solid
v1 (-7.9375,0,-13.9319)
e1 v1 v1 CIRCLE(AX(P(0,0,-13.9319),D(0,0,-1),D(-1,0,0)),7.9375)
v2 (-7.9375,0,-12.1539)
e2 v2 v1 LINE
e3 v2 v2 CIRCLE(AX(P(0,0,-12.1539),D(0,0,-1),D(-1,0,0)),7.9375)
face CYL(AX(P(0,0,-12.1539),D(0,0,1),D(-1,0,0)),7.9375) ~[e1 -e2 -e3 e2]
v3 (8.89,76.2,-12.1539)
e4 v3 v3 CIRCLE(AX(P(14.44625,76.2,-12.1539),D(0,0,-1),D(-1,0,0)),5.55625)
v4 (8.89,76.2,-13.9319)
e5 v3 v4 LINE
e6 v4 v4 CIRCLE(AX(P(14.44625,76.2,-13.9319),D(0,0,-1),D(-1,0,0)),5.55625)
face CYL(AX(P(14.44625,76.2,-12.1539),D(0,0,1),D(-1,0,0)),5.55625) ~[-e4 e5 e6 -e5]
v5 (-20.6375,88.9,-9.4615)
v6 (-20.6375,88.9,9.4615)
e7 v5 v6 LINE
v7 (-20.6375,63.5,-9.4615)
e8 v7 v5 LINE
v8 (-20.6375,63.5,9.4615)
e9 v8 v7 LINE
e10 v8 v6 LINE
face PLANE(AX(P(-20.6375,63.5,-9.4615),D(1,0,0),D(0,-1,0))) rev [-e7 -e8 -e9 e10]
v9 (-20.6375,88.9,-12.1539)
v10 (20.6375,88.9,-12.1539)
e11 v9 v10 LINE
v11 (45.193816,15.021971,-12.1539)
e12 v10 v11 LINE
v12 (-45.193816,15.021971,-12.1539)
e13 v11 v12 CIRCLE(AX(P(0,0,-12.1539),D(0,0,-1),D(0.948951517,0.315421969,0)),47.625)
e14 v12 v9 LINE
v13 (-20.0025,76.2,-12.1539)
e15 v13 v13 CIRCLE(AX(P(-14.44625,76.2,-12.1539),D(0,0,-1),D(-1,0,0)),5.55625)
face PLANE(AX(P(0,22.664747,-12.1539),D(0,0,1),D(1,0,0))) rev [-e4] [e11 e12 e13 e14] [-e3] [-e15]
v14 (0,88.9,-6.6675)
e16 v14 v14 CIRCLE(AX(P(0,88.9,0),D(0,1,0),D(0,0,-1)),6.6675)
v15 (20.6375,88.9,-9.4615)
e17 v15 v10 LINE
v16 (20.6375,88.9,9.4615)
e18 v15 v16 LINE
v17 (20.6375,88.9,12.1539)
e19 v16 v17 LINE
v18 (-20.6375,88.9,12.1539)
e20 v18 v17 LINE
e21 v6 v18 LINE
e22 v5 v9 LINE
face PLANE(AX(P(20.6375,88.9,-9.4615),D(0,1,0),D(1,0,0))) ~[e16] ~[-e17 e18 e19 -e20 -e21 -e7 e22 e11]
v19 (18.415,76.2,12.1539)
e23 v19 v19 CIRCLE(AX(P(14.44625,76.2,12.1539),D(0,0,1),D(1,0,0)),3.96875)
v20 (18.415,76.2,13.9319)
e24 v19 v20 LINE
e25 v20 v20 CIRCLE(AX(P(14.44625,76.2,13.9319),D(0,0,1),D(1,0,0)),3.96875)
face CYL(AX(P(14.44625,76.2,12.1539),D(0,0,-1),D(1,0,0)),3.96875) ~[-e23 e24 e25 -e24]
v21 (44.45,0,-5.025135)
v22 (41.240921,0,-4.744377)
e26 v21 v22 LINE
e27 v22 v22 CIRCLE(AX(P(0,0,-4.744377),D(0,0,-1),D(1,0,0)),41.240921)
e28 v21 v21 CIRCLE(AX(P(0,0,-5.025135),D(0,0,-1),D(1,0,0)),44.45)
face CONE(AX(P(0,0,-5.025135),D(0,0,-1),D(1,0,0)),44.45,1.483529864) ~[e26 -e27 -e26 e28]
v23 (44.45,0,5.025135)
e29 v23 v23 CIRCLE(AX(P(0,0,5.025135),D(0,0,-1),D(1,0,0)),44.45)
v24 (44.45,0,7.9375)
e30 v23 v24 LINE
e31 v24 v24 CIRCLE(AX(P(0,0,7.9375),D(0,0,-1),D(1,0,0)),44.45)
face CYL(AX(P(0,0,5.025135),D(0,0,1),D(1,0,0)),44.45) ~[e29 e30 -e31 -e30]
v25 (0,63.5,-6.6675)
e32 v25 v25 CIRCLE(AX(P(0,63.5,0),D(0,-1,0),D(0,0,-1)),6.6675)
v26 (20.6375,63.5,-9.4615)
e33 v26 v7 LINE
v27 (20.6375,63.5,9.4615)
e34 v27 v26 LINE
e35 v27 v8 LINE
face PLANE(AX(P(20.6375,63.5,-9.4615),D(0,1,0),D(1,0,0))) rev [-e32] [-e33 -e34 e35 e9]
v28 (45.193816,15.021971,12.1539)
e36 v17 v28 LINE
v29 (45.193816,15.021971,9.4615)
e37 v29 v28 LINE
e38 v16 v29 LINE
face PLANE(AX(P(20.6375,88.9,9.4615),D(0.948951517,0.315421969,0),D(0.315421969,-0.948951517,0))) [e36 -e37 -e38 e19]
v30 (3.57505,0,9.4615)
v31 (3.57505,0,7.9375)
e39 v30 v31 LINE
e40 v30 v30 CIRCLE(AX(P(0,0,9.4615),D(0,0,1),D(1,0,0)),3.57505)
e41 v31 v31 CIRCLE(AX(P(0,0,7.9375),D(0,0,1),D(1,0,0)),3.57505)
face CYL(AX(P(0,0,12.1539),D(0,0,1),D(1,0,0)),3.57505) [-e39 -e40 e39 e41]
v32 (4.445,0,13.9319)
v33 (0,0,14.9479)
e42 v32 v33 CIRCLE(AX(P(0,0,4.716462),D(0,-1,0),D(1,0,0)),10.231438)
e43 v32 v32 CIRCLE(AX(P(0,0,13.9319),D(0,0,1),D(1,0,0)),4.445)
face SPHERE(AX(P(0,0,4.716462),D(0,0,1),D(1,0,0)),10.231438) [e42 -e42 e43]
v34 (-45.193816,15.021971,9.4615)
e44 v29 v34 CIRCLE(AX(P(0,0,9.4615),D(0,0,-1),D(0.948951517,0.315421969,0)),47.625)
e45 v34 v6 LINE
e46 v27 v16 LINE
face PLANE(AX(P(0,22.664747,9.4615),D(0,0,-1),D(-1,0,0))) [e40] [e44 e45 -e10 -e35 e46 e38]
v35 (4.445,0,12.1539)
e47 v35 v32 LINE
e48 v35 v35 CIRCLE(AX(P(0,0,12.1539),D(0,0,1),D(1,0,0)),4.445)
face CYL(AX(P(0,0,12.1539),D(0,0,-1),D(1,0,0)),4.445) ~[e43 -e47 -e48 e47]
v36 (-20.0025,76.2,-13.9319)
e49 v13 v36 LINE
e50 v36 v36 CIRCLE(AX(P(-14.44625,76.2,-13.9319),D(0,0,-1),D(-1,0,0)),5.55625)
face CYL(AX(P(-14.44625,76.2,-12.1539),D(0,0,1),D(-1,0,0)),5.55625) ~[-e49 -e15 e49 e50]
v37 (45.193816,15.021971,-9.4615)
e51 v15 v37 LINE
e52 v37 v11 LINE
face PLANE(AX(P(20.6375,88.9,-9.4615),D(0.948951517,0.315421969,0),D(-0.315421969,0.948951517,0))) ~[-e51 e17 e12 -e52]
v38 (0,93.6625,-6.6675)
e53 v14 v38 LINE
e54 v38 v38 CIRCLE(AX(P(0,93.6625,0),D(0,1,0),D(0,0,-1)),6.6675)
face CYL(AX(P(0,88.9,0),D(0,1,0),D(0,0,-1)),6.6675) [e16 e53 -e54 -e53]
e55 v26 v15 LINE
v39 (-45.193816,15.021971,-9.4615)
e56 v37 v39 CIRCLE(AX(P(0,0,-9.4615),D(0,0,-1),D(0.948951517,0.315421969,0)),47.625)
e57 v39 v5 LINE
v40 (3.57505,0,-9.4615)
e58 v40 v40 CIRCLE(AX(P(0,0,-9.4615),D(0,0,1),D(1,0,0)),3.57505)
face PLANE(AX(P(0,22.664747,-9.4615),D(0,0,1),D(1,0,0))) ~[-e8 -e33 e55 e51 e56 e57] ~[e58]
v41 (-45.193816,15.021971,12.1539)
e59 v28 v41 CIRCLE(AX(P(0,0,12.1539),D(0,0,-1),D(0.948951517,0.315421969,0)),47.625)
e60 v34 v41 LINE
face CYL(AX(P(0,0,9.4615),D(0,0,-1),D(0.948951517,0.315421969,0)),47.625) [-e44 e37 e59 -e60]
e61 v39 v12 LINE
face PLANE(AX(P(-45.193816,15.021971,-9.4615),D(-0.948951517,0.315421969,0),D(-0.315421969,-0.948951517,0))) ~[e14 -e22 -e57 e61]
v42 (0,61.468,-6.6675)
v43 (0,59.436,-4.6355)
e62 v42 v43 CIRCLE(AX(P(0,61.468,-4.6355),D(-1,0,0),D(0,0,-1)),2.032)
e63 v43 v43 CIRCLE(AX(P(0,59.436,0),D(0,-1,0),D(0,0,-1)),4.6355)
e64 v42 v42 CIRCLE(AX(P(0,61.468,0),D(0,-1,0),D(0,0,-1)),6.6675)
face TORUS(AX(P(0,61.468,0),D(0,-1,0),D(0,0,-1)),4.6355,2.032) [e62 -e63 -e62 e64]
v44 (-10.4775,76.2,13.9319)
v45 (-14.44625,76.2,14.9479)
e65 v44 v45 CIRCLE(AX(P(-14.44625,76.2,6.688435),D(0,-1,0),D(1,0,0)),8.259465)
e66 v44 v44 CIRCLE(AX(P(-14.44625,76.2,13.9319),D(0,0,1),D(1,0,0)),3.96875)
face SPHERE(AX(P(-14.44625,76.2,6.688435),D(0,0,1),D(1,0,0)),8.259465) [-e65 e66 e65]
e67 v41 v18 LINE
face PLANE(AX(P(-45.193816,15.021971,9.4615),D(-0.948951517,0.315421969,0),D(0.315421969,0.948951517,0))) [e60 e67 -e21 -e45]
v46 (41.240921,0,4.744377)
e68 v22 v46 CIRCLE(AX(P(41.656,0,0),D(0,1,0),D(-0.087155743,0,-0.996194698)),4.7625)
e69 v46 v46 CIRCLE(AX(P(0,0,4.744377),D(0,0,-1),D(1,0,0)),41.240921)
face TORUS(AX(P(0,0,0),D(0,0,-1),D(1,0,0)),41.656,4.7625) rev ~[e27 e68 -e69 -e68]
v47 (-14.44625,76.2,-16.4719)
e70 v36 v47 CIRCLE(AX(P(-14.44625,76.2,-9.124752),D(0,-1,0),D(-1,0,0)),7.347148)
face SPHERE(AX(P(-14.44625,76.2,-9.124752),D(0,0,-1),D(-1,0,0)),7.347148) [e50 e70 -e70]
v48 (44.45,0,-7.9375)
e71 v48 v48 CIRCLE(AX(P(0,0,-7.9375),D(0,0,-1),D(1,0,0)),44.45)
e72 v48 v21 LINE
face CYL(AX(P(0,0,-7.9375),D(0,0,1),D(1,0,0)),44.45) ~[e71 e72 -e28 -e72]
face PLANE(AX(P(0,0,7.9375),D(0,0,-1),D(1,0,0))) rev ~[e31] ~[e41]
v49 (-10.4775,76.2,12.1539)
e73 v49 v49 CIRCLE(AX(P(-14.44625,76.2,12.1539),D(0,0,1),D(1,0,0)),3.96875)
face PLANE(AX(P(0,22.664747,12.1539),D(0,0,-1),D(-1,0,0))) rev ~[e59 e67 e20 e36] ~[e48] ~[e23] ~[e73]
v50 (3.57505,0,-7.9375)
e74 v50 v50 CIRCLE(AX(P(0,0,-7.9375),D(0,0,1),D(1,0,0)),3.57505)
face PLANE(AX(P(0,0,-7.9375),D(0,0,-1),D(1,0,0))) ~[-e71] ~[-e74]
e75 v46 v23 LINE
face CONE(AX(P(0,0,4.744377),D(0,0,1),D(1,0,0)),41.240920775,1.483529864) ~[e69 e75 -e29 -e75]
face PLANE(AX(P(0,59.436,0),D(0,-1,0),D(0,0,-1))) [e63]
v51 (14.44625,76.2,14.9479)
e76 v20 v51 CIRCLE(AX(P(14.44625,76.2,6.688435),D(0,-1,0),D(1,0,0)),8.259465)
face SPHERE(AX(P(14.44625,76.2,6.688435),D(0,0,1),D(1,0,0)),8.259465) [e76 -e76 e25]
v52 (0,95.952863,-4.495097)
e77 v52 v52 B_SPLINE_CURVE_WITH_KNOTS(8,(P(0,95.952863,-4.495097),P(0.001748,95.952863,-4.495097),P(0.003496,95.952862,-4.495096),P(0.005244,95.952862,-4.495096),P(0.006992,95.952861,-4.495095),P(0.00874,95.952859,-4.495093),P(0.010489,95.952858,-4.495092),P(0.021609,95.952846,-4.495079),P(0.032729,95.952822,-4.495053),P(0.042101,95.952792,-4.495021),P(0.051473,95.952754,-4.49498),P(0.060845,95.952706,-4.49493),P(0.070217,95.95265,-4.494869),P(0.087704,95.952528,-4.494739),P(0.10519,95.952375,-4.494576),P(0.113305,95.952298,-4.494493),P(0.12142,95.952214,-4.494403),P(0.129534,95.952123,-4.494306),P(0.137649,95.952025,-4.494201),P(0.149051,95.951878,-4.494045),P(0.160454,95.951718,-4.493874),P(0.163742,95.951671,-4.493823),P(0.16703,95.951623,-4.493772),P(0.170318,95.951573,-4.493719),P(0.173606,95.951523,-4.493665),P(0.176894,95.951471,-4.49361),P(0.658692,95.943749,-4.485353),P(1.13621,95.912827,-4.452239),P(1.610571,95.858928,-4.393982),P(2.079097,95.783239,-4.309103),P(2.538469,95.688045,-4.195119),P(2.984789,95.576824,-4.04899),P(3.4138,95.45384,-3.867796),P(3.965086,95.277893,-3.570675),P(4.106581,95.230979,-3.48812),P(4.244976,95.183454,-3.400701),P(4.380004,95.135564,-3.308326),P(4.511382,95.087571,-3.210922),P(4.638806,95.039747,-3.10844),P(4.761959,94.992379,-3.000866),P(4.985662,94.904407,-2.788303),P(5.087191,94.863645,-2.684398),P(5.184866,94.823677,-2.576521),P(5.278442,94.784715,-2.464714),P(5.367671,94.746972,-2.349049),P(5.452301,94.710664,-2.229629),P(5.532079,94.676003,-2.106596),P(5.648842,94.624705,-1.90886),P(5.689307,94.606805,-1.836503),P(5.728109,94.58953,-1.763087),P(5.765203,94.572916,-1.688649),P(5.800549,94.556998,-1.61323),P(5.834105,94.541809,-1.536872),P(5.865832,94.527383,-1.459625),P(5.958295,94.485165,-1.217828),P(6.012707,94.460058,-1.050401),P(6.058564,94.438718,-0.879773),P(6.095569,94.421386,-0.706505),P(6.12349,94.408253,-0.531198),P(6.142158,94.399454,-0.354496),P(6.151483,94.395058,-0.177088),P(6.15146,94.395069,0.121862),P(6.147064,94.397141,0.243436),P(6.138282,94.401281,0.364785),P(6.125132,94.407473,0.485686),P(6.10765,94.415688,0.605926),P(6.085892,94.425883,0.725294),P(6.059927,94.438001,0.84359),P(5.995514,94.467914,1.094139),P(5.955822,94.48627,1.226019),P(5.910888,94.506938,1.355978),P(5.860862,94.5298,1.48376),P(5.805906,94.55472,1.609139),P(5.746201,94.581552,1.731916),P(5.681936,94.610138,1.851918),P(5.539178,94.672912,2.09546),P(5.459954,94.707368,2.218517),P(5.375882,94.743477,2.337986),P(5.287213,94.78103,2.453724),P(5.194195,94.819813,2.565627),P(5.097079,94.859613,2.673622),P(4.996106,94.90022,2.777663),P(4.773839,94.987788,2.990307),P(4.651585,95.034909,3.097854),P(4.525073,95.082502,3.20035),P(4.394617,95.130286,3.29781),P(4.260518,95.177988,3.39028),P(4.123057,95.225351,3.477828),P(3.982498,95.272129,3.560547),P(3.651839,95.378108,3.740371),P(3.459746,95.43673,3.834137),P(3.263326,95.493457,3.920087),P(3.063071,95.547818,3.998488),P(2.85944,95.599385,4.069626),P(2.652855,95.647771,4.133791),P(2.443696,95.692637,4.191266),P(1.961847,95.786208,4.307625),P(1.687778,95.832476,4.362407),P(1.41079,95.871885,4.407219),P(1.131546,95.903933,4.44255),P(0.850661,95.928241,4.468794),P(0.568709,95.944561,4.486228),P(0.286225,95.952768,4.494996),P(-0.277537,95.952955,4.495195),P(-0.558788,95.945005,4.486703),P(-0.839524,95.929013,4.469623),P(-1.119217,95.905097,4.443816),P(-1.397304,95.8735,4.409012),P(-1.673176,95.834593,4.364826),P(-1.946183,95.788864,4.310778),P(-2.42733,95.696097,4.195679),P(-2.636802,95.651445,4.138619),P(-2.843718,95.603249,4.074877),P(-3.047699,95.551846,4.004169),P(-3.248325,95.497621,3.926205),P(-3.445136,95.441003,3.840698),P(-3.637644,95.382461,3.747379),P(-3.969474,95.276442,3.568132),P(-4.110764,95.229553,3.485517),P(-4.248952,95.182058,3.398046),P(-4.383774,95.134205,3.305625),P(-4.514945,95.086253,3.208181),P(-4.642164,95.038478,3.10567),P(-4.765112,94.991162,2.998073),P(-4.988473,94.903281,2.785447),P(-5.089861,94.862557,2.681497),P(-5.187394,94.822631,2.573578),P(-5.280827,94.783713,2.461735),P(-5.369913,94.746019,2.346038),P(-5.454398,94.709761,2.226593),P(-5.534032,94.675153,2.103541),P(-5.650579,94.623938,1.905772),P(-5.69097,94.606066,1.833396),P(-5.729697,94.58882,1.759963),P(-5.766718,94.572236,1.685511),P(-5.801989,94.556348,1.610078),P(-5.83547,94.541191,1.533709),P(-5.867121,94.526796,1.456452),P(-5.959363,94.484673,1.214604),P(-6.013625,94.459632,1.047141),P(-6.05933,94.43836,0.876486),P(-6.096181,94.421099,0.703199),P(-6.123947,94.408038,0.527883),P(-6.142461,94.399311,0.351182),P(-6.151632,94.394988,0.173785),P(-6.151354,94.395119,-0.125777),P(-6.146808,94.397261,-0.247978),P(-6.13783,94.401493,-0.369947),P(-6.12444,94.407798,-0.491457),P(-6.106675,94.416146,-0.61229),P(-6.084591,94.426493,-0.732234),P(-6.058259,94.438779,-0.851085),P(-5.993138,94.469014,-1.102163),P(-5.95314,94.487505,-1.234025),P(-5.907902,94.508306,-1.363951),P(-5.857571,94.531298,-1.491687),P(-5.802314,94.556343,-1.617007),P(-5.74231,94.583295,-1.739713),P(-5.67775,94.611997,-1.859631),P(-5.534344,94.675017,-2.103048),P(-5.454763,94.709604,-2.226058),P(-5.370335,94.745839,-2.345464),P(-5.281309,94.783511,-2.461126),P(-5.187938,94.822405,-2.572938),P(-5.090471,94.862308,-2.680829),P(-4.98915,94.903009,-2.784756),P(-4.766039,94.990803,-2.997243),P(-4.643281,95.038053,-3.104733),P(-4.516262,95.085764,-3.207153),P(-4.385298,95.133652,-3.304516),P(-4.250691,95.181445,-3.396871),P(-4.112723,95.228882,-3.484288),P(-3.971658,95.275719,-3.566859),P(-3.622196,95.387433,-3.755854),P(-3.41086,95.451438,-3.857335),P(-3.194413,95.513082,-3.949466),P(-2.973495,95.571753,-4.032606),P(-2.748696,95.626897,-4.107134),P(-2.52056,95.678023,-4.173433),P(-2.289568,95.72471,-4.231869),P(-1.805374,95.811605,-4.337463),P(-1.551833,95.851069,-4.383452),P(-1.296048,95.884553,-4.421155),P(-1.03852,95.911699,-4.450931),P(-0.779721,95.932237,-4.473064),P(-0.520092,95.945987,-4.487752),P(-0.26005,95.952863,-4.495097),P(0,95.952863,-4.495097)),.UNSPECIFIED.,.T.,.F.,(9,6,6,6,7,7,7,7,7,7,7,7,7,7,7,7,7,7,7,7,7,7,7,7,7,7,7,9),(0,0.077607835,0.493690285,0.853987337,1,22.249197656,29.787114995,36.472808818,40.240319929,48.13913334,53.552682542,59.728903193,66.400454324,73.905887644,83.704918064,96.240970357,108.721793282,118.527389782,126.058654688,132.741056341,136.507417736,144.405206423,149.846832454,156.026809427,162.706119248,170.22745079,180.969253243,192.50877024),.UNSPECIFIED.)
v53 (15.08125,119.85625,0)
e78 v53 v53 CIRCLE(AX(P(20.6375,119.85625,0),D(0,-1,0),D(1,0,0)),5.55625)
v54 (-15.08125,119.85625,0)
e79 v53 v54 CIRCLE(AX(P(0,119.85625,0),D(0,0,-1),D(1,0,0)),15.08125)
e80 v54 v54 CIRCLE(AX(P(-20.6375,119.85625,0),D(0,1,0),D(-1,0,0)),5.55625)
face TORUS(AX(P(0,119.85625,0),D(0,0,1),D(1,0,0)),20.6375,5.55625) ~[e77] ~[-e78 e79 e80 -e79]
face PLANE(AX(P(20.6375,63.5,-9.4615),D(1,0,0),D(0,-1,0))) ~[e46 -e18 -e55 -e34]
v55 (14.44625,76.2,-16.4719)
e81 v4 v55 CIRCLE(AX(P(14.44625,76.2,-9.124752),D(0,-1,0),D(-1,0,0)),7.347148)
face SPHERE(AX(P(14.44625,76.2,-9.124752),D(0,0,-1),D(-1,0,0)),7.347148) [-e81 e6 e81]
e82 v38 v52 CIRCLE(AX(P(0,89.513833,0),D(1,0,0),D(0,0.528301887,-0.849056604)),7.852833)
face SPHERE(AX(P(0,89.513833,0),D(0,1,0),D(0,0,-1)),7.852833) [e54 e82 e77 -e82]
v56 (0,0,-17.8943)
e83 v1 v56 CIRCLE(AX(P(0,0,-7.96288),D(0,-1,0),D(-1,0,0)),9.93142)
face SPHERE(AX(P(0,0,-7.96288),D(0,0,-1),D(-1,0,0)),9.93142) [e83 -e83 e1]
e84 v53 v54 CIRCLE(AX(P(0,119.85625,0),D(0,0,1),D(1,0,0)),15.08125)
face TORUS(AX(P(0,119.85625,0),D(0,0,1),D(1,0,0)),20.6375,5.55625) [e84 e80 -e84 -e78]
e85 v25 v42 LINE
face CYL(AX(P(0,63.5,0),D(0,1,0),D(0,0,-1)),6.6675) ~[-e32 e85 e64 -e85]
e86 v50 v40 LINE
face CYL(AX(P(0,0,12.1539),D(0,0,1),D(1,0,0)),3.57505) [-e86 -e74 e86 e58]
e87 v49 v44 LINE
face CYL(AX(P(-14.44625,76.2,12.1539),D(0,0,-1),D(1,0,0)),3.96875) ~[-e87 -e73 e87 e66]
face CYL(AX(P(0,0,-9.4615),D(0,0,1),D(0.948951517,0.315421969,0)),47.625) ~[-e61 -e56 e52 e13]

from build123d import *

# Parameters (mm, degrees)
SKETCH10_R          = 5.55625
BOSS_EXTRUDE1_DEPTH = 2.6924
SKETCH5_W           = 41.275
SKETCH5_H           = 25.4
BOSS_EXTRUDE2_DEPTH = 9.4615
SKETCH6_R           = 4.445
SKETCH6_R_2         = 3.96875
BOSS_EXTRUDE3_DEPTH = 1.778
DOME1_FACE_RADIUS   = 3.96875
DOME1_HEIGHT        = 1.016
DOME3_FACE_RADIUS   = 3.96875
DOME3_HEIGHT        = 1.016
DOME4_FACE_RADIUS   = 4.445
DOME4_HEIGHT        = 1.016
SKETCH8_R           = 5.55625
SKETCH8_R_2         = 7.9375
BOSS_EXTRUDE4_DEPTH = 1.778
DOME5_FACE_RADIUS   = 5.55625
DOME5_HEIGHT        = 2.54
DOME6_FACE_RADIUS   = 5.55625
DOME6_HEIGHT        = 2.54
DOME7_FACE_RADIUS   = 7.9375
DOME7_HEIGHT        = 3.9624
BOSS_EXTRUDE5_REACH = 158.53
SKETCH9_R           = 3.57505
SKETCH15_R          = 6.6675
BOSS_EXTRUDE6_DEPTH = 4.064
FILLET1_R           = 2.032


with BuildPart() as part:
    # Sketch3 → Revolve1 (revolve)
    with BuildSketch(Plane(origin=(0, 0, 0), x_dir=(0, 0, -1), z_dir=(1, 0, 0)), mode=Mode.PRIVATE) as revolve1_sk:
        with BuildLine():
            Line((-7.9375, 44.45), (-7.9375, 0))
            Line((-7.9375, 0), (7.9375, 0))
            Line((7.9375, 0), (7.9375, 44.45))
            Line((7.9375, 44.45), (5.025135302, 44.45))
            Line((5.025135302, 44.45), (4.74437725, 41.240920775))
            ThreePointArc((4.74437725, 41.240920775), (0, 36.8935), (-4.74437725, 41.240920775))
            Line((-4.74437725, 41.240920775), (-5.025135302, 44.45))
            Line((-5.025135302, 44.45), (-7.9375, 44.45))
        make_face()
    revolve(revolve1_sk.sketch.rotate(Axis((0, 0, 7.9375), (0, 0, -1)), 90), axis=Axis((0, 0, 7.9375), (0, 0, -1)))


with BuildPart() as body_2:
    # Sweep2: sweep along a path in Sketch11
    with BuildLine(Plane.XY) as sweep2_path:
        ThreePointArc((20.6375, 119.85625), (0, 140.49375), (-20.6375, 119.85625))
    # Sketch10 → Sweep2 (sweep)
    with BuildSketch(Plane(origin=(0, 119.85625, 0), x_dir=(-1, 0, 0), z_dir=(0, 1, 0))):
        with Locations((-20.6375, 0)):
            Circle(SKETCH10_R)
    sweep(path=sweep2_path.line)

    # Mirror7: body 2 across plane


with BuildPart() as body_2_1:
    add(body_2.part)
    add(body_2.part.mirror(Plane(origin=(20.6375, 119.85625, 0), x_dir=(0, 0, 1), z_dir=(0, 1, 0))))

    # Sketch14 → Revolve2 (revolve)
    with BuildSketch(Plane.XY, mode=Mode.PRIVATE) as revolve2_sk:
        with BuildLine():
            Line((6.6675, 88.9), (6.6675, 93.6625))
            ThreePointArc((6.6675, 93.6625), (3.813672998, 96.37844473), (0, 97.366666667))
            Line((0, 97.366666667), (0, 88.9))
            Line((0, 88.9), (6.6675, 88.9))
        make_face()
    revolve(revolve2_sk.sketch.rotate(Axis((0, 53.18125, 0), (0, 1, 0)), 90), axis=Axis((0, 53.18125, 0), (0, 1, 0)))


with BuildPart() as body_3:
    # Sketch4 → Boss-Extrude1 (new body)
    with BuildSketch(Plane.XY.offset(9.4615)):
        with BuildLine():
            Line((-20.6375, 88.9), (20.6375, 88.9))
            Line((20.6375, 88.9), (45.193815989, 15.021971288))
            ThreePointArc((45.193815989, 15.021971288), (0, -47.625), (-45.193815989, 15.021971288))
            Line((-45.193815989, 15.021971288), (-20.6375, 88.9))
        make_face()
    extrude(amount=BOSS_EXTRUDE1_DEPTH)

    # Sketch5 → Boss-Extrude2 (add)
    with BuildSketch(Plane(origin=(0, 0, 9.4615), x_dir=(-1, 0, 0), z_dir=(0, 0, -1))):
        with Locations((0, 76.2)):
            Rectangle(SKETCH5_W, SKETCH5_H)
    extrude(amount=BOSS_EXTRUDE2_DEPTH)

    # Mirror1: body 3 across plane


with BuildPart() as body_3_1:
    add(body_3.part)
    add(body_3.part.mirror(Plane.XY))

    # Sketch6 → Boss-Extrude3 (add)
    with BuildSketch(Plane.XY.offset(12.1539)):
        Circle(SKETCH6_R)
        with Locations((-14.44625, 76.2)):
            Circle(SKETCH6_R_2)
        with Locations((14.44625, 76.2)):
            Circle(SKETCH6_R_2)
    extrude(amount=BOSS_EXTRUDE3_DEPTH)

    # Dome1: a dome of height H over a round flat face of radius A is a cap of a sphere of radius (A * A + H * H) / (2 * H)
    dome1_r = (DOME1_FACE_RADIUS * DOME1_FACE_RADIUS + DOME1_HEIGHT * DOME1_HEIGHT) / (2 * DOME1_HEIGHT)
    dome1_base = Plane((-14.44625, 76.2, 13.9319), z_dir=(0, 0, 1))
    with Locations(dome1_base.offset(DOME1_HEIGHT - dome1_r)):
        dome1_ball = Sphere(dome1_r, mode=Mode.PRIVATE)
    add(split(dome1_ball, bisect_by=dome1_base, keep=Keep.TOP, mode=Mode.PRIVATE))

    # Dome3: a dome of height H over a round flat face of radius A is a cap of a sphere of radius (A * A + H * H) / (2 * H)
    dome3_r = (DOME3_FACE_RADIUS * DOME3_FACE_RADIUS + DOME3_HEIGHT * DOME3_HEIGHT) / (2 * DOME3_HEIGHT)
    dome3_base = Plane((14.44625, 76.2, 13.9319), z_dir=(0, 0, 1))
    with Locations(dome3_base.offset(DOME3_HEIGHT - dome3_r)):
        dome3_ball = Sphere(dome3_r, mode=Mode.PRIVATE)
    add(split(dome3_ball, bisect_by=dome3_base, keep=Keep.TOP, mode=Mode.PRIVATE))

    # Dome4: a dome of height H over a round flat face of radius A is a cap of a sphere of radius (A * A + H * H) / (2 * H)
    dome4_r = (DOME4_FACE_RADIUS * DOME4_FACE_RADIUS + DOME4_HEIGHT * DOME4_HEIGHT) / (2 * DOME4_HEIGHT)
    dome4_base = Plane((0, 0, 13.9319), z_dir=(0, 0, 1))
    with Locations(dome4_base.offset(DOME4_HEIGHT - dome4_r)):
        dome4_ball = Sphere(dome4_r, mode=Mode.PRIVATE)
    add(split(dome4_ball, bisect_by=dome4_base, keep=Keep.TOP, mode=Mode.PRIVATE))

    # Sketch8 → Boss-Extrude4 (add)
    with BuildSketch(Plane(origin=(0, 0, -12.1539), x_dir=(-1, 0, 0), z_dir=(0, 0, -1))):
        with Locations((-14.44625, 76.2)):
            Circle(SKETCH8_R)
        with Locations((14.44625, 76.2)):
            Circle(SKETCH8_R)
        Circle(SKETCH8_R_2)
    extrude(amount=BOSS_EXTRUDE4_DEPTH)

    # Dome5: a dome of height H over a round flat face of radius A is a cap of a sphere of radius (A * A + H * H) / (2 * H)
    dome5_r = (DOME5_FACE_RADIUS * DOME5_FACE_RADIUS + DOME5_HEIGHT * DOME5_HEIGHT) / (2 * DOME5_HEIGHT)
    dome5_base = Plane((14.44625, 76.2, -13.9319), z_dir=(0, 0, -1))
    with Locations(dome5_base.offset(DOME5_HEIGHT - dome5_r)):
        dome5_ball = Sphere(dome5_r, mode=Mode.PRIVATE)
    add(split(dome5_ball, bisect_by=dome5_base, keep=Keep.TOP, mode=Mode.PRIVATE))

    # Dome6: a dome of height H over a round flat face of radius A is a cap of a sphere of radius (A * A + H * H) / (2 * H)
    dome6_r = (DOME6_FACE_RADIUS * DOME6_FACE_RADIUS + DOME6_HEIGHT * DOME6_HEIGHT) / (2 * DOME6_HEIGHT)
    dome6_base = Plane((-14.44625, 76.2, -13.9319), z_dir=(0, 0, -1))
    with Locations(dome6_base.offset(DOME6_HEIGHT - dome6_r)):
        dome6_ball = Sphere(dome6_r, mode=Mode.PRIVATE)
    add(split(dome6_ball, bisect_by=dome6_base, keep=Keep.TOP, mode=Mode.PRIVATE))

    # Dome7: a dome of height H over a round flat face of radius A is a cap of a sphere of radius (A * A + H * H) / (2 * H)
    dome7_r = (DOME7_FACE_RADIUS * DOME7_FACE_RADIUS + DOME7_HEIGHT * DOME7_HEIGHT) / (2 * DOME7_HEIGHT)
    dome7_base = Plane((0, 0, -13.9319), z_dir=(0, 0, -1))
    with Locations(dome7_base.offset(DOME7_HEIGHT - dome7_r)):
        dome7_ball = Sphere(dome7_r, mode=Mode.PRIVATE)
    add(split(dome7_ball, bisect_by=dome7_base, keep=Keep.TOP, mode=Mode.PRIVATE))

    # Boss-Extrude5: up to this face of the body (flat: up to its plane)
    boss_extrude5_end = Plane(body_3_1.part.faces().sort_by_distance((0, 16.31740649, -12.1539))[0])
    # Sketch9 → Boss-Extrude5 (add, up to the picked face)
    with BuildSketch(Plane.XY.offset(12.1539), mode=Mode.PRIVATE) as boss_extrude5_sk1:
        Circle(SKETCH9_R)
    boss_extrude5_tool1 = split(extrude(boss_extrude5_sk1.sketch, amount=-BOSS_EXTRUDE5_REACH, mode=Mode.PRIVATE), bisect_by=boss_extrude5_end, keep=Keep.BOTH, mode=Mode.PRIVATE)

    add(part.part)  # Boss-Extrude5 merges part
    add(boss_extrude5_tool1.solids().sort_by(Axis((0, 0, 12.1539), (0, 0, -1)))[0])

    # Combine1: union body 2
    add(body_2_1.part)

    # Sketch15 → Boss-Extrude6 (add)
    with BuildSketch(Plane.XZ.offset(-63.5)):
        with Locations(Location((0, 0, 0), (0, 0, 270))):
            Circle(SKETCH15_R)
    extrude(amount=BOSS_EXTRUDE6_DEPTH)

    # Fillet1
    fillet1_edges = [body_3_1.edges().sort_by_distance(p)[0] for p in [
        (0, 59.436, 6.6675),
    ]]
    fillet(fillet1_edges, radius=FILLET1_R)


solid = body_3_1.part
